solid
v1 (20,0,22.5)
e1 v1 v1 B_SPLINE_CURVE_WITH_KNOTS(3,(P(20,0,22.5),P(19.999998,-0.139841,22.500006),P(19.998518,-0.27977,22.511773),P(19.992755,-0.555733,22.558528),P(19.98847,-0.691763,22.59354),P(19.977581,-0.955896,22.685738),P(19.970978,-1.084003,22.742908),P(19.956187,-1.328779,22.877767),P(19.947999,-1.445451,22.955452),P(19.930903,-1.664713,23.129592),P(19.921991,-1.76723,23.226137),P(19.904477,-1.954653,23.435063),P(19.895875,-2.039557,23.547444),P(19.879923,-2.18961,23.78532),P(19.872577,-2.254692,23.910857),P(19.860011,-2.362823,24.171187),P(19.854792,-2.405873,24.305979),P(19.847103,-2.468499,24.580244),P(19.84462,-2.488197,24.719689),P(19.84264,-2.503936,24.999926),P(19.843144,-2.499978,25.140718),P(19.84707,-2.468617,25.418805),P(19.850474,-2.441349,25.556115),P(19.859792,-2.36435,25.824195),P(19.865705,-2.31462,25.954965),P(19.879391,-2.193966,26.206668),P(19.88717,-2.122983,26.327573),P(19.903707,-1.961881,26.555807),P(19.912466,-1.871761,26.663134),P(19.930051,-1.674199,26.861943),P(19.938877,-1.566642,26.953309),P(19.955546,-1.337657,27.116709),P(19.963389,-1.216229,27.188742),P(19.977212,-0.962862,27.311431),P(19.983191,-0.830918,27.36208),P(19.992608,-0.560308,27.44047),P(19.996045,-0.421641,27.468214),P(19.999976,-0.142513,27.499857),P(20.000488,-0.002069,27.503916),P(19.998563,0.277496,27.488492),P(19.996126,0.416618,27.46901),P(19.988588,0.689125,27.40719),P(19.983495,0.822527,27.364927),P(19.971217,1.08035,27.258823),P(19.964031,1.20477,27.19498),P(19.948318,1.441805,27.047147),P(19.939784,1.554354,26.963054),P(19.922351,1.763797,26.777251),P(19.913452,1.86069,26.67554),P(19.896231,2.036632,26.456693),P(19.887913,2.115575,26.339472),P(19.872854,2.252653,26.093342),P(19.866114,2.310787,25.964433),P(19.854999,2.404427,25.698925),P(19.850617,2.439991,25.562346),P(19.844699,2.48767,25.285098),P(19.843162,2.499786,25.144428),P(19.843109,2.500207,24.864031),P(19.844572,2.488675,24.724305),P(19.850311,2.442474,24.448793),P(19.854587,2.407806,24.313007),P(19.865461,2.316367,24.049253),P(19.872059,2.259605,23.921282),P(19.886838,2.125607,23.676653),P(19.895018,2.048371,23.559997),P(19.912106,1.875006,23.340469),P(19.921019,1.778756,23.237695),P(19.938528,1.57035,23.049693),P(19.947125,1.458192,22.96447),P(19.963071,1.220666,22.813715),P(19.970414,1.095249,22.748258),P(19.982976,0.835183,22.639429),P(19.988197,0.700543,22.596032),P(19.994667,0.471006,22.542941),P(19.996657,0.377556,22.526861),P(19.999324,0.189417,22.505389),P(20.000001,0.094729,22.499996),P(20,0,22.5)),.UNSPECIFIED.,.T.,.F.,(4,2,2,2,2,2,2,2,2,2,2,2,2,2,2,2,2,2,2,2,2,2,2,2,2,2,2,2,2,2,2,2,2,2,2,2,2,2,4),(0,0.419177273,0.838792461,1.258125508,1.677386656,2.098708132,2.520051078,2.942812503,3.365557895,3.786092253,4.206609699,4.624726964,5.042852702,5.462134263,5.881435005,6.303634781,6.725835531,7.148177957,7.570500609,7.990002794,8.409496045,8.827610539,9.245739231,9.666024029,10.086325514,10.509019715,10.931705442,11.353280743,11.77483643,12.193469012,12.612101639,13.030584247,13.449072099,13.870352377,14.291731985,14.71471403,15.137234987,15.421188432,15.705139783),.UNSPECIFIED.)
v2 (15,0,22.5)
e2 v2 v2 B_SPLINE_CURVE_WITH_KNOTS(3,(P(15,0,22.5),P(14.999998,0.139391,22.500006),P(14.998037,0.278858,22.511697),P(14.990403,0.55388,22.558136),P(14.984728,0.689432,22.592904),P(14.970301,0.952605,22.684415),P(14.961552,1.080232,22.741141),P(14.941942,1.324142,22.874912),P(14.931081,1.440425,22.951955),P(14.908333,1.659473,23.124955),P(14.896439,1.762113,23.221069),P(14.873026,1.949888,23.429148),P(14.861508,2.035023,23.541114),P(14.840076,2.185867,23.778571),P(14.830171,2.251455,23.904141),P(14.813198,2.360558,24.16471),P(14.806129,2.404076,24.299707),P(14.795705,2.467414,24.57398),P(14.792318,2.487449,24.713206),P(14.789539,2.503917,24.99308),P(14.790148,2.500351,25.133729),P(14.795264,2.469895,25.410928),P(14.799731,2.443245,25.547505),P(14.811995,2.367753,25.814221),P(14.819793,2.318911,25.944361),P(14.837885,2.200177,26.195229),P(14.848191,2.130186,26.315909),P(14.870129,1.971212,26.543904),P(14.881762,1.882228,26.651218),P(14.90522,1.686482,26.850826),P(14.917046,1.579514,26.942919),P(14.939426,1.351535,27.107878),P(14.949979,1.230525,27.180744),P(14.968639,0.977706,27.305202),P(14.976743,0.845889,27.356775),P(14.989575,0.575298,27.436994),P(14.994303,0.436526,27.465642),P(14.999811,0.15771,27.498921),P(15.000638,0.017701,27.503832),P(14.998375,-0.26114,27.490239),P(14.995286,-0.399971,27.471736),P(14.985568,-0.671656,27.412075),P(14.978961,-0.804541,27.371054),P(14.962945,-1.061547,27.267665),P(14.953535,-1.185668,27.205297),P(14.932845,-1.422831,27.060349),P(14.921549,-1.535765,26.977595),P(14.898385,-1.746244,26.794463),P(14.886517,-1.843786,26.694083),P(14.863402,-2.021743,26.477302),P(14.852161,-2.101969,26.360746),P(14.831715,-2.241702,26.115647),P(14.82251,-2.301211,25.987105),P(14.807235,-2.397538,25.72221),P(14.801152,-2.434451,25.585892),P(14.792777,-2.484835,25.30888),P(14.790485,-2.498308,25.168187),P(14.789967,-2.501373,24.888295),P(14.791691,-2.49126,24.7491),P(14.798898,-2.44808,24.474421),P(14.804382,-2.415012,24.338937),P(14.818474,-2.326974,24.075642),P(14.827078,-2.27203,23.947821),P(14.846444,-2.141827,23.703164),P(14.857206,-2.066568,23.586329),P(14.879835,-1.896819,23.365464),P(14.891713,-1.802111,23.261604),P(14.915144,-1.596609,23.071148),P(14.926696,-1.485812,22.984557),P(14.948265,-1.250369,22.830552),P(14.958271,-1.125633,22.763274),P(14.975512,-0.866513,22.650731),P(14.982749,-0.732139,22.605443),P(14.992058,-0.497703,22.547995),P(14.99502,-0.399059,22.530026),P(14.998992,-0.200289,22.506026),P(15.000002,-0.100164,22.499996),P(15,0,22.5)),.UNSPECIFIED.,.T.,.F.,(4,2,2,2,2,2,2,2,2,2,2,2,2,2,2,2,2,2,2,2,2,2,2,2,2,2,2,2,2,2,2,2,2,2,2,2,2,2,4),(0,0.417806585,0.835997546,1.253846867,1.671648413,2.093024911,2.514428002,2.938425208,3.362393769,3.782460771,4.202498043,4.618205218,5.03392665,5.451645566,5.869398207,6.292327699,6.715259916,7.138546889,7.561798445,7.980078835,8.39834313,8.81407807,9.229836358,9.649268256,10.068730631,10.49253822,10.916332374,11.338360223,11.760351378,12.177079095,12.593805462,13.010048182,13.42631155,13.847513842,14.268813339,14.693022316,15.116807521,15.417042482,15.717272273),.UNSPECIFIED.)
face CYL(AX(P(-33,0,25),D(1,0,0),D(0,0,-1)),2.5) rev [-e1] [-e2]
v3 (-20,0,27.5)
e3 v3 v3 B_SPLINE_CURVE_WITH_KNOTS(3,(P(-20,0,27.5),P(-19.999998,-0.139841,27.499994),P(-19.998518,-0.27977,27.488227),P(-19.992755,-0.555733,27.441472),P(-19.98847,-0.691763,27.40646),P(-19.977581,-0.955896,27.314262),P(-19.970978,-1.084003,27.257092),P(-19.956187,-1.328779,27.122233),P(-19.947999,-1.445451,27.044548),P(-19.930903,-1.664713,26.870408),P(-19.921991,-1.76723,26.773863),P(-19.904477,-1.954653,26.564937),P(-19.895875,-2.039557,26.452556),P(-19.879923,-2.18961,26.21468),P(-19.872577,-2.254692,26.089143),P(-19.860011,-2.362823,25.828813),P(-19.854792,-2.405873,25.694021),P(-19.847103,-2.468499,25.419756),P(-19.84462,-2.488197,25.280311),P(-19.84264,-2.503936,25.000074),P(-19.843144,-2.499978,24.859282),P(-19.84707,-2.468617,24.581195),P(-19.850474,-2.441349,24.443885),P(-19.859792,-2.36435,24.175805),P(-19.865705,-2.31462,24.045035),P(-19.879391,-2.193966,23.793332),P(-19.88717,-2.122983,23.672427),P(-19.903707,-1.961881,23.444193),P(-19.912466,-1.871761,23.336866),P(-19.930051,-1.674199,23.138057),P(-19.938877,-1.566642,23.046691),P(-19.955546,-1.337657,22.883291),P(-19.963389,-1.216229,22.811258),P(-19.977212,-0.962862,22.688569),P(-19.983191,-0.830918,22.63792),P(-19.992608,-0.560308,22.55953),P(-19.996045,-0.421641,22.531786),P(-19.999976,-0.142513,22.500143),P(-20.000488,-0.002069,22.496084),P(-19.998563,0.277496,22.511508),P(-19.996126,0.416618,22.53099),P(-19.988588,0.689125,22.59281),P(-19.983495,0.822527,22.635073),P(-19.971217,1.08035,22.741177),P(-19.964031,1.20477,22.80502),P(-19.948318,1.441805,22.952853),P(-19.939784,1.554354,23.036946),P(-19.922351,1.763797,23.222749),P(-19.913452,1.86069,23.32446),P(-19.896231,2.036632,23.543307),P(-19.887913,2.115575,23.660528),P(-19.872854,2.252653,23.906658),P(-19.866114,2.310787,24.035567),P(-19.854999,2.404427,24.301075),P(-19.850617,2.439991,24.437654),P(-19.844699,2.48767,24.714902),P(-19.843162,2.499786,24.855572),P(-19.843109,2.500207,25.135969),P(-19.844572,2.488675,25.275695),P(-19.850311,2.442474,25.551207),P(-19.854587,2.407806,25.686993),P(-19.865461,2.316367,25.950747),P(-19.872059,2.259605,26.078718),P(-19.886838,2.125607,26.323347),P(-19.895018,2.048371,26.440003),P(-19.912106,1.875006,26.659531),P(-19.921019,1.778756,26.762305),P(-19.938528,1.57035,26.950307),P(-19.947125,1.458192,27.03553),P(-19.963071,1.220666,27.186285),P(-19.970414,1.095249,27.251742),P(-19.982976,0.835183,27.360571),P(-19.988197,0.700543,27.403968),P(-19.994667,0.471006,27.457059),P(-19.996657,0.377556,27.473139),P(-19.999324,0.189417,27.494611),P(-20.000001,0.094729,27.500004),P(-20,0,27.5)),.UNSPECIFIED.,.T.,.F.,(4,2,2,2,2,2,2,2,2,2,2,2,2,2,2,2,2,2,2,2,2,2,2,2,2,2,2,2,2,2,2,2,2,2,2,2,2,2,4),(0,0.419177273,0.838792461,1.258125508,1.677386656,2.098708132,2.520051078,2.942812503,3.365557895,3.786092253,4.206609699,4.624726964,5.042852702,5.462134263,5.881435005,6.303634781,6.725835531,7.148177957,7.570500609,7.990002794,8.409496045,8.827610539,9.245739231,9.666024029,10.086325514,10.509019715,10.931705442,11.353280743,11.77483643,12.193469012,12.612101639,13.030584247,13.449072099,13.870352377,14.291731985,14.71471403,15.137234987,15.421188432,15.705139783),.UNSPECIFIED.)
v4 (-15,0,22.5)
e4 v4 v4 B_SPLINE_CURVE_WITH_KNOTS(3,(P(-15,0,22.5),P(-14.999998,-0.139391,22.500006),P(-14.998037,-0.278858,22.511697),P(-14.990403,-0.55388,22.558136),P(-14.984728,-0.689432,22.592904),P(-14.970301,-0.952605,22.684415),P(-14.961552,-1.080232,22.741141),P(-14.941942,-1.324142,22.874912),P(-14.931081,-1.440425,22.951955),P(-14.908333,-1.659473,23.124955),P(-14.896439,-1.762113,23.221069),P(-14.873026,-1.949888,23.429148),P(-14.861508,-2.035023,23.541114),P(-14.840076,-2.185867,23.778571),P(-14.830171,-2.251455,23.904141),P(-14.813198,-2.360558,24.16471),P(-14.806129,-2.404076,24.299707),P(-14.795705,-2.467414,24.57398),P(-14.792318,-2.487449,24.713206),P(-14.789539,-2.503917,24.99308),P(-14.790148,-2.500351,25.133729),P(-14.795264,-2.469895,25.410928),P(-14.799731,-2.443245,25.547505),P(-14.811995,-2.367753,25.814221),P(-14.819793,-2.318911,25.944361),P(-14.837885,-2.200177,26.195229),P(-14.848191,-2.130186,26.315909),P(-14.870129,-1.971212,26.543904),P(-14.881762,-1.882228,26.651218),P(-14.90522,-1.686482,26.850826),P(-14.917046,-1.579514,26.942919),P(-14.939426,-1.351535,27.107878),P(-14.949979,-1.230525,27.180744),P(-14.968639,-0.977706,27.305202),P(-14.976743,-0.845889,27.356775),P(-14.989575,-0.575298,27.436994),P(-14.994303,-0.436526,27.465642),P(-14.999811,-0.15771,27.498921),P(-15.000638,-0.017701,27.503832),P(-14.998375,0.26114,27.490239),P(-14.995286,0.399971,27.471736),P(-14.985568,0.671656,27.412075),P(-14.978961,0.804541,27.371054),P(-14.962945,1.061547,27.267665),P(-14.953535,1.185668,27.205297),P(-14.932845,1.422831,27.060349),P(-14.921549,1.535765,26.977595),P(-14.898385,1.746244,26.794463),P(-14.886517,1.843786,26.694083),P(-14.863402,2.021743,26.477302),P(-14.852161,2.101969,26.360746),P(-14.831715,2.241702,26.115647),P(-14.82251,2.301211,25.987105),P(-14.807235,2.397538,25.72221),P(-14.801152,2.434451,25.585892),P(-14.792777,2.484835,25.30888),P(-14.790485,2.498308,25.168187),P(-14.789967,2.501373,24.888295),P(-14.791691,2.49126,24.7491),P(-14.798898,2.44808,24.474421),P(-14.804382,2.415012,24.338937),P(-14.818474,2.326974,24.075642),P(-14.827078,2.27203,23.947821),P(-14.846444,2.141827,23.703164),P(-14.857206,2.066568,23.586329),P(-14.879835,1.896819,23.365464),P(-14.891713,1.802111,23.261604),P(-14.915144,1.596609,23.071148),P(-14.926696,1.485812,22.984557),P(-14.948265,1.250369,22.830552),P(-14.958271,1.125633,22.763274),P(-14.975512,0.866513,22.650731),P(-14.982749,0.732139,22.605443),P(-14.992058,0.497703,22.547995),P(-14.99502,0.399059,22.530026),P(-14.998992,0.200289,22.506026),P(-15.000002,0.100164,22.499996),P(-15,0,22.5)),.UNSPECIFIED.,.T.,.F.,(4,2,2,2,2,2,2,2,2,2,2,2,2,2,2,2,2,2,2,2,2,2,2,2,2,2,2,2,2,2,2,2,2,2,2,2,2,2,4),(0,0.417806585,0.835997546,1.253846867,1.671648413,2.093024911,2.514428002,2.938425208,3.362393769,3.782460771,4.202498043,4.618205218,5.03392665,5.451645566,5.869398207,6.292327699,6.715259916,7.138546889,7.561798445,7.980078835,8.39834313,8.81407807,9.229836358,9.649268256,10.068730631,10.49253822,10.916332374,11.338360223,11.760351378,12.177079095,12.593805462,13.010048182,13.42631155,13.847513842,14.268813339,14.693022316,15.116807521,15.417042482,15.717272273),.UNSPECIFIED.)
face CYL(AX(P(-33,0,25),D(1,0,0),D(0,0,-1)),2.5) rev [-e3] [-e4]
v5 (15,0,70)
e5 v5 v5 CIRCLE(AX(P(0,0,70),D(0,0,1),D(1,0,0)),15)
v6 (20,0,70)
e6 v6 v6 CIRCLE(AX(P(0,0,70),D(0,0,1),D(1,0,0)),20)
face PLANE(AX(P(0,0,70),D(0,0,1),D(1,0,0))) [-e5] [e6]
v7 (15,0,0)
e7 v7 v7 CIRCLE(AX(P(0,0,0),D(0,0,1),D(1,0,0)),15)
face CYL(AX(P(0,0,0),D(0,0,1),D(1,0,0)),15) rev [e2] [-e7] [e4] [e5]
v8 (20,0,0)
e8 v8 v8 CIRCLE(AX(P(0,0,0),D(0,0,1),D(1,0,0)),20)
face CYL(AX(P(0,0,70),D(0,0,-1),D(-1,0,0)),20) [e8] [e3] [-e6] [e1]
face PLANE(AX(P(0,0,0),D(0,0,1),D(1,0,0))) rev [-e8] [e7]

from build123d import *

# Parameters (mm, degrees)
SKETCH1_R           = 20
BOSS_EXTRUDE1_DEPTH = 70
SKETCH2_R           = 15
CUT_EXTRUDE1_DEPTH  = 70
SKETCH3_R           = 2.5
CUT_EXTRUDE2_DEPTH  = 53


with BuildPart() as part:
    # Sketch1 → Boss-Extrude1 (new body)
    with BuildSketch(Plane.XY):
        Circle(SKETCH1_R)
    extrude(amount=BOSS_EXTRUDE1_DEPTH)

    # Sketch2 → Cut-Extrude1 (cut)
    with BuildSketch(Plane.XY.offset(70)):
        Circle(SKETCH2_R)
    extrude(amount=-CUT_EXTRUDE1_DEPTH, mode=Mode.SUBTRACT)

    # Sketch3 → Cut-Extrude2 (cut)
    with BuildSketch(Plane(origin=(20, 0, 0), x_dir=(0, 0, -1), z_dir=(1, 0, 0))):
        with Locations((-25, 0)):
            Circle(SKETCH3_R)
    extrude(amount=-CUT_EXTRUDE2_DEPTH, mode=Mode.SUBTRACT)


solid = part.part
